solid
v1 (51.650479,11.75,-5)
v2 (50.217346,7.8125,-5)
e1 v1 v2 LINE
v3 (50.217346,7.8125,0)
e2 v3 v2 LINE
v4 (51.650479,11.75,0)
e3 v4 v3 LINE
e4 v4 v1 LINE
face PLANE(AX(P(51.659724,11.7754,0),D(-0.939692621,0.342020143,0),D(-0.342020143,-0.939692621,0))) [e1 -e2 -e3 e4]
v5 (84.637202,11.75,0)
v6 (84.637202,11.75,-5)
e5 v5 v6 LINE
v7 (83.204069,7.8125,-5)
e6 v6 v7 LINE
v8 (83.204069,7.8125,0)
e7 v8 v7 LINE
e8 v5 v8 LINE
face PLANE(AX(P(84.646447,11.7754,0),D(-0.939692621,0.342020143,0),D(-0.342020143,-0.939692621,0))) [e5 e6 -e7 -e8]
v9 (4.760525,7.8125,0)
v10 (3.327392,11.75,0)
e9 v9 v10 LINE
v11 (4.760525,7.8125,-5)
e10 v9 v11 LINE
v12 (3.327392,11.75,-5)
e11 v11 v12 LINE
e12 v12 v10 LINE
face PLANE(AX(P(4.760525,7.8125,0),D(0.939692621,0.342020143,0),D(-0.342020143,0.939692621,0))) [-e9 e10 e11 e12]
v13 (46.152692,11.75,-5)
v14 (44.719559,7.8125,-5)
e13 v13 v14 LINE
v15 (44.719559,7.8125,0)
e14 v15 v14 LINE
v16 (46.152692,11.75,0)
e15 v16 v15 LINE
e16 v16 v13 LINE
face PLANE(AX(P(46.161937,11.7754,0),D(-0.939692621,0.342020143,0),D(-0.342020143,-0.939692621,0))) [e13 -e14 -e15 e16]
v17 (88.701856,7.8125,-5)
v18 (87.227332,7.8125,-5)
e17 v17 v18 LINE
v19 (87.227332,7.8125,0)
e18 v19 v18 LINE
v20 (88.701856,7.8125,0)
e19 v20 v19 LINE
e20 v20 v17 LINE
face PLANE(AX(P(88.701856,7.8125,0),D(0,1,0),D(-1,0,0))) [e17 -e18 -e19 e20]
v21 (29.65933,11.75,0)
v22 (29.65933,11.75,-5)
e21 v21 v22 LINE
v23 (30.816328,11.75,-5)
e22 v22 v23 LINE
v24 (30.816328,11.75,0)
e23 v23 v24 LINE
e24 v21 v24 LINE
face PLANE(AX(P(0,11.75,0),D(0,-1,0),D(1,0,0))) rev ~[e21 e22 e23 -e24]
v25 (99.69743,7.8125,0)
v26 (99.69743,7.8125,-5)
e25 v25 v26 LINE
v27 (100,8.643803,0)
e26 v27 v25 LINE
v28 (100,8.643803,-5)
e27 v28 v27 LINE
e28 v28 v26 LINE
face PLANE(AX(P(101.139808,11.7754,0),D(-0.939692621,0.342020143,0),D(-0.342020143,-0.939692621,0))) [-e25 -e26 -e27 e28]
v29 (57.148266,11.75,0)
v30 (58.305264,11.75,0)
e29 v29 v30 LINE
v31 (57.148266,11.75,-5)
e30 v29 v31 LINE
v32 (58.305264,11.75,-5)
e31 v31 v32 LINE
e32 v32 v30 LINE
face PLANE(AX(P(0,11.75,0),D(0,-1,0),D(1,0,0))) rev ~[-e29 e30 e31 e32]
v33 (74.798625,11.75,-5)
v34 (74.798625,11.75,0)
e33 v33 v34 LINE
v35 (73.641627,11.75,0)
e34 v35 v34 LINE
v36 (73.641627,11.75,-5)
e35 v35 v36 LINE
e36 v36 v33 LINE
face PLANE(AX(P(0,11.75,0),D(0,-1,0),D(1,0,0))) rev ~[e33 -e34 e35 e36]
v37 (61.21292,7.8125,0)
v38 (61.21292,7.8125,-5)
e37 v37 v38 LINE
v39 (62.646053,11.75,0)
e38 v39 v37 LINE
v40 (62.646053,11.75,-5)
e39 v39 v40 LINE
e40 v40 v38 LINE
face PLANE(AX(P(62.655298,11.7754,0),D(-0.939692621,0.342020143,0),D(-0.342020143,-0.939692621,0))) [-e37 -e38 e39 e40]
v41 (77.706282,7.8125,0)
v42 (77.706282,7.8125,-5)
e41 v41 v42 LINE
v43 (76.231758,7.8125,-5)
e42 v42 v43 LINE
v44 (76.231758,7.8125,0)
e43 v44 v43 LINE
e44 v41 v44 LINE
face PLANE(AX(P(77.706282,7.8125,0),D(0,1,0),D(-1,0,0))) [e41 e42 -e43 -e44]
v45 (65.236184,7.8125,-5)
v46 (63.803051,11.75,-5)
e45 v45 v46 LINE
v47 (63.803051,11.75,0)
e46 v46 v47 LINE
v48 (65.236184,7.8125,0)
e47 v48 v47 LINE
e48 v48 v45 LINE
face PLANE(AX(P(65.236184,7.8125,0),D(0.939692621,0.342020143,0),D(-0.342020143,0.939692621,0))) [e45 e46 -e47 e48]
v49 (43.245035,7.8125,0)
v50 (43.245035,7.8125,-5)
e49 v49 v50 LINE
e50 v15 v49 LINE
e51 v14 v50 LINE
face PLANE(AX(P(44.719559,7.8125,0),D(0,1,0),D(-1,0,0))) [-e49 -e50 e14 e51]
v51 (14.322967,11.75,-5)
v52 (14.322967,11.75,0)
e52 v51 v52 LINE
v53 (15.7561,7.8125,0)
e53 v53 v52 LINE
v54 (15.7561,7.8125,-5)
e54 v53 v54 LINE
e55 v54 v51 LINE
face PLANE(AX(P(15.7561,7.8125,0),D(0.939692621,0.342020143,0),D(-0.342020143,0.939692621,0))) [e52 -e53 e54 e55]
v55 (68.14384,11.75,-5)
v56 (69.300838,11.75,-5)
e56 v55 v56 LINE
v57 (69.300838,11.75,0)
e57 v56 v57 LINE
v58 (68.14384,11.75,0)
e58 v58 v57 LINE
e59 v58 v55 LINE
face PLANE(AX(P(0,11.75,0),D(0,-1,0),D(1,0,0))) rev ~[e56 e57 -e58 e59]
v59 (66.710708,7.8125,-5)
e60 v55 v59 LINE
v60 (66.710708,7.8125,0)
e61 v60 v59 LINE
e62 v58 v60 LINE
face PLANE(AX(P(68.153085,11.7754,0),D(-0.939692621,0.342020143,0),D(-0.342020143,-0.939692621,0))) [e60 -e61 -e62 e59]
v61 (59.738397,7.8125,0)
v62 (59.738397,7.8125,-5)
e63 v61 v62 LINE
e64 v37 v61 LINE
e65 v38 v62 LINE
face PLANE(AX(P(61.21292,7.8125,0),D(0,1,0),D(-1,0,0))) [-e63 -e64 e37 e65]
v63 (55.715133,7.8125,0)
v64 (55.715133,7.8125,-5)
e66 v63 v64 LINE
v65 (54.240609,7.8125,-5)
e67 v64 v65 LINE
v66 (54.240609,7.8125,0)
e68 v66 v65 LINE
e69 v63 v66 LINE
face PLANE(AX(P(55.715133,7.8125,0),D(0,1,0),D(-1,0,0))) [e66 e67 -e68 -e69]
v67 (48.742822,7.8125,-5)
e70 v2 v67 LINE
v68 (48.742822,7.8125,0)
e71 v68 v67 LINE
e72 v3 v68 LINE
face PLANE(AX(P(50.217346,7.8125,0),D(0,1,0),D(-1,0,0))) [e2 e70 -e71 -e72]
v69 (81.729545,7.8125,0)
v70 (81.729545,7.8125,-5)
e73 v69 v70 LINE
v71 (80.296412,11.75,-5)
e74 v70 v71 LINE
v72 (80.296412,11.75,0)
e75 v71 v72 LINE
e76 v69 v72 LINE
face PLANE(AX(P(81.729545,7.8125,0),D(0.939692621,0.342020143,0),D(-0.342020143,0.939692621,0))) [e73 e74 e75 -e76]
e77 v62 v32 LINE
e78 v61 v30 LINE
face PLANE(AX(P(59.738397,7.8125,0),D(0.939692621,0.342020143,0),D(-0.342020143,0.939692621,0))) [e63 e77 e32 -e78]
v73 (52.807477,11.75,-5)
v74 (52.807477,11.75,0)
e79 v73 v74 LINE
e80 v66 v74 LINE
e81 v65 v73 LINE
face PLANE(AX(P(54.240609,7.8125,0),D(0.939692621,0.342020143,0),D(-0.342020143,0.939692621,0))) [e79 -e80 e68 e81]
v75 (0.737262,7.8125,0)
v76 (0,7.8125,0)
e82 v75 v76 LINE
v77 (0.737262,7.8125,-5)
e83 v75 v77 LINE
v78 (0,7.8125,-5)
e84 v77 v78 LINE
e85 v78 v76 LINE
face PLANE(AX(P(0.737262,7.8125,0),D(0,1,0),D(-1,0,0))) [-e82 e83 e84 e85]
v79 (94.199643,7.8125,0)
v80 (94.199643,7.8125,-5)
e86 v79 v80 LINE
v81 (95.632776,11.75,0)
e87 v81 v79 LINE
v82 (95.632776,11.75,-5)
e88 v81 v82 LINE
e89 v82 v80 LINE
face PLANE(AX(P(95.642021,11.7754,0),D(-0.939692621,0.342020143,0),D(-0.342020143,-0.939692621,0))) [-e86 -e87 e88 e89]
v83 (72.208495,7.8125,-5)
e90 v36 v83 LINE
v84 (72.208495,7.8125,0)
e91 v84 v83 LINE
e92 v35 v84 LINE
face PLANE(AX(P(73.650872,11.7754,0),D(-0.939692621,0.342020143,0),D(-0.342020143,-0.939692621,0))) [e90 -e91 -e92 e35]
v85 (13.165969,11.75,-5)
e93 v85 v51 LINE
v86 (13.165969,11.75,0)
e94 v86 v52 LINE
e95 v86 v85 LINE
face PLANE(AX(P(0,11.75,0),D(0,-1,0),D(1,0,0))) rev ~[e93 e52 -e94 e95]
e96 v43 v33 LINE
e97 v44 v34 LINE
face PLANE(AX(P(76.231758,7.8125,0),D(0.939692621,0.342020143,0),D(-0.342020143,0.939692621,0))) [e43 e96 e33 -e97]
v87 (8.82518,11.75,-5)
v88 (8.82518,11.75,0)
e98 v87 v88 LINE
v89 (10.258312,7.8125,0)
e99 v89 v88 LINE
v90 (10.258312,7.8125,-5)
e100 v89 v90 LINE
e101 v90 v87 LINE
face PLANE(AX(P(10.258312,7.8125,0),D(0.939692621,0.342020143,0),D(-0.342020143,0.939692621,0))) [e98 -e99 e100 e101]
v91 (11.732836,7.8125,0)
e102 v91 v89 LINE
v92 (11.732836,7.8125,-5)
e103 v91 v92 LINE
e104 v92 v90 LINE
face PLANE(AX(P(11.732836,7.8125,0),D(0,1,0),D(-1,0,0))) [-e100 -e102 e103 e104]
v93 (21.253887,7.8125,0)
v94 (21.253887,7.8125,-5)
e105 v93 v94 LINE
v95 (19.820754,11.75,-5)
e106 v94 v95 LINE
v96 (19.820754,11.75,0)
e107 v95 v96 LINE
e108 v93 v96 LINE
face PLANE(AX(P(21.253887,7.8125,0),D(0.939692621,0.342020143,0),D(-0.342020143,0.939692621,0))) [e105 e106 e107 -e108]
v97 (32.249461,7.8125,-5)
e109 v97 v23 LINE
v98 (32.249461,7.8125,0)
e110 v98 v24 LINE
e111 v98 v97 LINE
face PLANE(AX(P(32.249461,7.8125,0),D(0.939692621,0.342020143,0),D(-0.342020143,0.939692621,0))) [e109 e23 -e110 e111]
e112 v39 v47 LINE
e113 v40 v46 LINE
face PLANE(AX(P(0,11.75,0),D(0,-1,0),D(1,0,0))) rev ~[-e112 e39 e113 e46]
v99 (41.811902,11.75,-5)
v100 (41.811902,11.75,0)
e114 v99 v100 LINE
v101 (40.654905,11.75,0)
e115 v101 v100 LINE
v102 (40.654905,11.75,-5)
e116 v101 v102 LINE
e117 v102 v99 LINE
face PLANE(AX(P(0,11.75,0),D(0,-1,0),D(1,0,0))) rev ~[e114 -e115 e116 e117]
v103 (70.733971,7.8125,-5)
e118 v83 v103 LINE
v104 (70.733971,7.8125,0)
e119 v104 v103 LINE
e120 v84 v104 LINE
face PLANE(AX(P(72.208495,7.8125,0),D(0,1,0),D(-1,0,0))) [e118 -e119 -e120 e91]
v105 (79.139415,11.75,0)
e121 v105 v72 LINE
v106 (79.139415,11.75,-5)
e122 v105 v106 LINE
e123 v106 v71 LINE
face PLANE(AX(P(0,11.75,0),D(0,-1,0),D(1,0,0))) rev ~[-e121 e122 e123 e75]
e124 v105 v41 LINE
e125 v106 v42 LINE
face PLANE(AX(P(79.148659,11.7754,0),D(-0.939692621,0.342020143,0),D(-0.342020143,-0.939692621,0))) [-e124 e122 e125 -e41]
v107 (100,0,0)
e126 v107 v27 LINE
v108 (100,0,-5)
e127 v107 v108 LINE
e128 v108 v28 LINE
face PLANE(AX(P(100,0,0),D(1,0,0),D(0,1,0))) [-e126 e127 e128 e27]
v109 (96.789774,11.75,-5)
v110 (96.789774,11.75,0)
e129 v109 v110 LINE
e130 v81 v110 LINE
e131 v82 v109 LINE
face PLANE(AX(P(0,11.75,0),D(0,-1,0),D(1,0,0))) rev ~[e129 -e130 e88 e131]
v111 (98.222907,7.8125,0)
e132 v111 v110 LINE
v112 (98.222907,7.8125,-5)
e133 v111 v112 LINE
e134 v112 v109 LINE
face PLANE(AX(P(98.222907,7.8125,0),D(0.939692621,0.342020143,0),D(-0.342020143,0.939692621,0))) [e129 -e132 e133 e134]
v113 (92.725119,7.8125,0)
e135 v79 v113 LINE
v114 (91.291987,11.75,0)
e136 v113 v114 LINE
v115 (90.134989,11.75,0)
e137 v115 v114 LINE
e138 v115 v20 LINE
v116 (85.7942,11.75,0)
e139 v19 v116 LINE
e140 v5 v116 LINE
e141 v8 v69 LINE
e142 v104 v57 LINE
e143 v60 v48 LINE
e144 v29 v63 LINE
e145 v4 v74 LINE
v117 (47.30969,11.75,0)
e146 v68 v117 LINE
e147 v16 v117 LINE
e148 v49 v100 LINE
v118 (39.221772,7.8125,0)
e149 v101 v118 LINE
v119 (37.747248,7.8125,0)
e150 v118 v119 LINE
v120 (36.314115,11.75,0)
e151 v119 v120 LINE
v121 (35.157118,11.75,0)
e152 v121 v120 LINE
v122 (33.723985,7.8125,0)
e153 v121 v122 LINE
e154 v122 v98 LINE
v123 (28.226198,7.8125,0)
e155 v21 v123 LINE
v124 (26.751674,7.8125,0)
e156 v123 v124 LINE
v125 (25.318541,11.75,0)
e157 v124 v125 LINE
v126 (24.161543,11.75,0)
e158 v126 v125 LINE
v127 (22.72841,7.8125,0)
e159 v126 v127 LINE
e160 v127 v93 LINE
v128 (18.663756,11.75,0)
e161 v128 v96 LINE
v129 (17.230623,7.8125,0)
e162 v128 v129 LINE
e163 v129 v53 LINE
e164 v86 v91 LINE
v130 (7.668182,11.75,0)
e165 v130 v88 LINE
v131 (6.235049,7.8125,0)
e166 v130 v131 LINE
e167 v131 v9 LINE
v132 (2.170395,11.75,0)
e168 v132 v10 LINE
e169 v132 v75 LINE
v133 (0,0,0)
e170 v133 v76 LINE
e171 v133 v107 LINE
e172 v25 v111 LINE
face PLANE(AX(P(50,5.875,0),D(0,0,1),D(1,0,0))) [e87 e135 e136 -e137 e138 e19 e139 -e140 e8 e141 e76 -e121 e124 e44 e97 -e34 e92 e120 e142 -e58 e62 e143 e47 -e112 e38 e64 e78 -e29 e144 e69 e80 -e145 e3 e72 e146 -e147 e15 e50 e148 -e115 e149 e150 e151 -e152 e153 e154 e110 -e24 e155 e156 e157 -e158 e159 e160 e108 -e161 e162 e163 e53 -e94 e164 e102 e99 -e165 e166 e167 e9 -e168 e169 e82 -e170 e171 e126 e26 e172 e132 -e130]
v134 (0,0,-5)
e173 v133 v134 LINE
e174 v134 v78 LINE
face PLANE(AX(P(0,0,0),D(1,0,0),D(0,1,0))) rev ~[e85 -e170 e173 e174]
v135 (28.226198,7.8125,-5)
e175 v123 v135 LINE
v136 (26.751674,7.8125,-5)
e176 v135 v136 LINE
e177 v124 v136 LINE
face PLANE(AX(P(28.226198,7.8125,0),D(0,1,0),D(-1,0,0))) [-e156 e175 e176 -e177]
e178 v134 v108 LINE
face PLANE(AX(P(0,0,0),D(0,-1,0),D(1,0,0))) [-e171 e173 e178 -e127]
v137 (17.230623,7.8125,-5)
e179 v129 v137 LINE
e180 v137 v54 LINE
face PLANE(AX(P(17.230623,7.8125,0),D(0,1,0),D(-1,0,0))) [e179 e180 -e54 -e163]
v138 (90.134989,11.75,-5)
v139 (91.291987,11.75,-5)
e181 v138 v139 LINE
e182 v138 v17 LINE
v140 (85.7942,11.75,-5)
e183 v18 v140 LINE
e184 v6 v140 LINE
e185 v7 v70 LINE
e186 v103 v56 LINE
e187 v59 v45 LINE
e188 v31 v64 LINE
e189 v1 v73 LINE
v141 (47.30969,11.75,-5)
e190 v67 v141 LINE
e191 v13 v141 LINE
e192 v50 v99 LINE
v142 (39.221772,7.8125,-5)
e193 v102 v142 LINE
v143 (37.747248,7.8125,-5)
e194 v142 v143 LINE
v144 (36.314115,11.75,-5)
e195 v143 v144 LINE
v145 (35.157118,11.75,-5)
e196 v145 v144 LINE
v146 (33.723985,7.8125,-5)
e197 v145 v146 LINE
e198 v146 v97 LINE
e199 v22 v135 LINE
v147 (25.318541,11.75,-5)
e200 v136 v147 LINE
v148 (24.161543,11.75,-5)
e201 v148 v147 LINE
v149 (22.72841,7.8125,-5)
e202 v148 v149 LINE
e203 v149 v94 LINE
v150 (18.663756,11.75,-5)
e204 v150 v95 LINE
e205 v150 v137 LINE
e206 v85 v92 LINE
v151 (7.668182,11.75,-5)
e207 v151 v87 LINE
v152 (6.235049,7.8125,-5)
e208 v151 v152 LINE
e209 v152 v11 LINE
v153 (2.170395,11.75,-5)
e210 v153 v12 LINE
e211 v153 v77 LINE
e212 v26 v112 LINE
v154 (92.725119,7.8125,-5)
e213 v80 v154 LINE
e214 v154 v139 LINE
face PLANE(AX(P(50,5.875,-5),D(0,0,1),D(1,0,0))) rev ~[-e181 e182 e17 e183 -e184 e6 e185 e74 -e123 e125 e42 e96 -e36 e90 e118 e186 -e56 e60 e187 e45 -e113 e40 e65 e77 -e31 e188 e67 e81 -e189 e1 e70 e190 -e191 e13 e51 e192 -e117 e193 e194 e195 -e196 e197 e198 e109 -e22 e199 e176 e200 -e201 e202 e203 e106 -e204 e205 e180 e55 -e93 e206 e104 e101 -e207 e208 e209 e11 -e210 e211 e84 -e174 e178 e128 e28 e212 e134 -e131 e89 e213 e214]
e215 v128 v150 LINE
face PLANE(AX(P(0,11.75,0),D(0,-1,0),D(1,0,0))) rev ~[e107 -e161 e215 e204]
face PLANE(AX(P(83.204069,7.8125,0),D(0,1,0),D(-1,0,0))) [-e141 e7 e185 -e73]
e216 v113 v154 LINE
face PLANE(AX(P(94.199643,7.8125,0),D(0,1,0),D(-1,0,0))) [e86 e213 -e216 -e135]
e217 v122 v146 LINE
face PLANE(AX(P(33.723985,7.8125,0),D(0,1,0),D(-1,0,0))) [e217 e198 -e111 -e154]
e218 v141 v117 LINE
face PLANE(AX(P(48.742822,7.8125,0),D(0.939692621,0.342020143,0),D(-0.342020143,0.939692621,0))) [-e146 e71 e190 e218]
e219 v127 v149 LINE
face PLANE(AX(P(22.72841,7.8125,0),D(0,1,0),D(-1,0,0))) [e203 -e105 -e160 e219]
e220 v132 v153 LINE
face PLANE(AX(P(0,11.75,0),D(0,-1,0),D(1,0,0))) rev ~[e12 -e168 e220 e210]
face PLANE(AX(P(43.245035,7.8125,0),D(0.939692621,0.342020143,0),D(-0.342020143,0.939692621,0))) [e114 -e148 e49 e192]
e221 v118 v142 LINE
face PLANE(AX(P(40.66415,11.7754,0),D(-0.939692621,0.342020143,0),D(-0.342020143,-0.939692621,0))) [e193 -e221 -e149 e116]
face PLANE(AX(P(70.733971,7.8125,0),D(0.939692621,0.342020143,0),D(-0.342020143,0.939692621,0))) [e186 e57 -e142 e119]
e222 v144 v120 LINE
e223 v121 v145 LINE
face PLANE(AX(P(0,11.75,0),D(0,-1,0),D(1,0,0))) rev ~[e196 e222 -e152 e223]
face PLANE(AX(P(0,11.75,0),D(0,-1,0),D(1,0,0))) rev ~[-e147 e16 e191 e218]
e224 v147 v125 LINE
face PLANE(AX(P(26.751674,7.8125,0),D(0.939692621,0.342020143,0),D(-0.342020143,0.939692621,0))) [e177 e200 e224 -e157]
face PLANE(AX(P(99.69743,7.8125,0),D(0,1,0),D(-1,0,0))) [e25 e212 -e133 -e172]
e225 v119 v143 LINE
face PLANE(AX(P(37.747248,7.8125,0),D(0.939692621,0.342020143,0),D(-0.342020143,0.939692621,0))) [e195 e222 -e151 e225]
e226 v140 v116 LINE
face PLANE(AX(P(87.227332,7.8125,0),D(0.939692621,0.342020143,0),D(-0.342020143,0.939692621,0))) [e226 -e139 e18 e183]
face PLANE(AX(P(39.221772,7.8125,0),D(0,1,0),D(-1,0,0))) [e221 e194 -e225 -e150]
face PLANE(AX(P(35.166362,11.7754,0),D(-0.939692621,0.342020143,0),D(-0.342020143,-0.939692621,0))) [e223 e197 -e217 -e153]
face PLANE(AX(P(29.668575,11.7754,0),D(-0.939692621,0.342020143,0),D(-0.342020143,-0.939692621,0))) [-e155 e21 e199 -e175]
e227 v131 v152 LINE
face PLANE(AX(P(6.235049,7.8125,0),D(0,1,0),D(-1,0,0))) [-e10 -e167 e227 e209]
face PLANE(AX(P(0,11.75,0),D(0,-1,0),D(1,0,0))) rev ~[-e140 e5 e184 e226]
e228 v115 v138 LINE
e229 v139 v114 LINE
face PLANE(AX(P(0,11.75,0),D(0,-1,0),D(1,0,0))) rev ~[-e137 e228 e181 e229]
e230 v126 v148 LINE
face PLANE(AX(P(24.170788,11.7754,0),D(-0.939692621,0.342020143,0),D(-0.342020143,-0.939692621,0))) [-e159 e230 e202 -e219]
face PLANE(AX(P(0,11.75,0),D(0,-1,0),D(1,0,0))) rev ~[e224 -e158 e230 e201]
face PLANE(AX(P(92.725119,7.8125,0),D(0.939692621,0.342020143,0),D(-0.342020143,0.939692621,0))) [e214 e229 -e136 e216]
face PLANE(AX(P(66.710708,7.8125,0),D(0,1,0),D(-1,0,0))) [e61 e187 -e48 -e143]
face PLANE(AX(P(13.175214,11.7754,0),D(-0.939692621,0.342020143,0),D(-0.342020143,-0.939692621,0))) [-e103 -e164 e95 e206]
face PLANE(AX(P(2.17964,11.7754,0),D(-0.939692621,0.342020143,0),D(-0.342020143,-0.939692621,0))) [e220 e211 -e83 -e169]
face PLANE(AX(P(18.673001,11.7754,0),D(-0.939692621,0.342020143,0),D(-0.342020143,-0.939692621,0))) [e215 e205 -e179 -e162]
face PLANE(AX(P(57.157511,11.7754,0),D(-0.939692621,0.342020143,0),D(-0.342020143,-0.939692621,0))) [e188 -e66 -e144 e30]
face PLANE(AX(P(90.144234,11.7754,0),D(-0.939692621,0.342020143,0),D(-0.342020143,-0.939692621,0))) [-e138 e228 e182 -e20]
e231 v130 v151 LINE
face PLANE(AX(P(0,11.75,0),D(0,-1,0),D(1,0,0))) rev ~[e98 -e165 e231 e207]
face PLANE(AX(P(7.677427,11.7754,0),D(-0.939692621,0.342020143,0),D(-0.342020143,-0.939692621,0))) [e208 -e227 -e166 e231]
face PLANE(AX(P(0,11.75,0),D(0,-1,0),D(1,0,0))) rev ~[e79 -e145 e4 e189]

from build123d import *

# Parameters (mm, degrees)
BLANKSKE_W        = 100
BLANKSKE_H        = 11.75
BLANK_DEPTH       = 5
TOOTHCUTSIM_DEPTH = 101.812015653
TEETHCUTS_COUNT   = 20
TEETHCUTS_PITCH   = 5.497787138


with BuildPart() as part:
    # BlankSke → Blank (new body)
    with BuildSketch(Plane.XY):
        with Locations((50, 5.875)):
            Rectangle(BLANKSKE_W, BLANKSKE_H)
    extrude(amount=-BLANK_DEPTH)

    # TooCutSkeSim → ToothCutSim (cut, through all)
    with BuildSketch(Plane.XY):
        Polygon((0.737261897, 7.8125), (-0.737261897, 7.8125), (-2.179639538, 11.7754), (2.179639538, 11.7754), align=None)
    toothcutsim = extrude(amount=-TOOTHCUTSIM_DEPTH, mode=Mode.SUBTRACT)

    # TeethCuts: ToothCutSim ×20
    with Locations(*[(i * TEETHCUTS_PITCH, 0, 0) for i in range(1, TEETHCUTS_COUNT)]):
        add(toothcutsim, mode=Mode.SUBTRACT)


solid = part.part
